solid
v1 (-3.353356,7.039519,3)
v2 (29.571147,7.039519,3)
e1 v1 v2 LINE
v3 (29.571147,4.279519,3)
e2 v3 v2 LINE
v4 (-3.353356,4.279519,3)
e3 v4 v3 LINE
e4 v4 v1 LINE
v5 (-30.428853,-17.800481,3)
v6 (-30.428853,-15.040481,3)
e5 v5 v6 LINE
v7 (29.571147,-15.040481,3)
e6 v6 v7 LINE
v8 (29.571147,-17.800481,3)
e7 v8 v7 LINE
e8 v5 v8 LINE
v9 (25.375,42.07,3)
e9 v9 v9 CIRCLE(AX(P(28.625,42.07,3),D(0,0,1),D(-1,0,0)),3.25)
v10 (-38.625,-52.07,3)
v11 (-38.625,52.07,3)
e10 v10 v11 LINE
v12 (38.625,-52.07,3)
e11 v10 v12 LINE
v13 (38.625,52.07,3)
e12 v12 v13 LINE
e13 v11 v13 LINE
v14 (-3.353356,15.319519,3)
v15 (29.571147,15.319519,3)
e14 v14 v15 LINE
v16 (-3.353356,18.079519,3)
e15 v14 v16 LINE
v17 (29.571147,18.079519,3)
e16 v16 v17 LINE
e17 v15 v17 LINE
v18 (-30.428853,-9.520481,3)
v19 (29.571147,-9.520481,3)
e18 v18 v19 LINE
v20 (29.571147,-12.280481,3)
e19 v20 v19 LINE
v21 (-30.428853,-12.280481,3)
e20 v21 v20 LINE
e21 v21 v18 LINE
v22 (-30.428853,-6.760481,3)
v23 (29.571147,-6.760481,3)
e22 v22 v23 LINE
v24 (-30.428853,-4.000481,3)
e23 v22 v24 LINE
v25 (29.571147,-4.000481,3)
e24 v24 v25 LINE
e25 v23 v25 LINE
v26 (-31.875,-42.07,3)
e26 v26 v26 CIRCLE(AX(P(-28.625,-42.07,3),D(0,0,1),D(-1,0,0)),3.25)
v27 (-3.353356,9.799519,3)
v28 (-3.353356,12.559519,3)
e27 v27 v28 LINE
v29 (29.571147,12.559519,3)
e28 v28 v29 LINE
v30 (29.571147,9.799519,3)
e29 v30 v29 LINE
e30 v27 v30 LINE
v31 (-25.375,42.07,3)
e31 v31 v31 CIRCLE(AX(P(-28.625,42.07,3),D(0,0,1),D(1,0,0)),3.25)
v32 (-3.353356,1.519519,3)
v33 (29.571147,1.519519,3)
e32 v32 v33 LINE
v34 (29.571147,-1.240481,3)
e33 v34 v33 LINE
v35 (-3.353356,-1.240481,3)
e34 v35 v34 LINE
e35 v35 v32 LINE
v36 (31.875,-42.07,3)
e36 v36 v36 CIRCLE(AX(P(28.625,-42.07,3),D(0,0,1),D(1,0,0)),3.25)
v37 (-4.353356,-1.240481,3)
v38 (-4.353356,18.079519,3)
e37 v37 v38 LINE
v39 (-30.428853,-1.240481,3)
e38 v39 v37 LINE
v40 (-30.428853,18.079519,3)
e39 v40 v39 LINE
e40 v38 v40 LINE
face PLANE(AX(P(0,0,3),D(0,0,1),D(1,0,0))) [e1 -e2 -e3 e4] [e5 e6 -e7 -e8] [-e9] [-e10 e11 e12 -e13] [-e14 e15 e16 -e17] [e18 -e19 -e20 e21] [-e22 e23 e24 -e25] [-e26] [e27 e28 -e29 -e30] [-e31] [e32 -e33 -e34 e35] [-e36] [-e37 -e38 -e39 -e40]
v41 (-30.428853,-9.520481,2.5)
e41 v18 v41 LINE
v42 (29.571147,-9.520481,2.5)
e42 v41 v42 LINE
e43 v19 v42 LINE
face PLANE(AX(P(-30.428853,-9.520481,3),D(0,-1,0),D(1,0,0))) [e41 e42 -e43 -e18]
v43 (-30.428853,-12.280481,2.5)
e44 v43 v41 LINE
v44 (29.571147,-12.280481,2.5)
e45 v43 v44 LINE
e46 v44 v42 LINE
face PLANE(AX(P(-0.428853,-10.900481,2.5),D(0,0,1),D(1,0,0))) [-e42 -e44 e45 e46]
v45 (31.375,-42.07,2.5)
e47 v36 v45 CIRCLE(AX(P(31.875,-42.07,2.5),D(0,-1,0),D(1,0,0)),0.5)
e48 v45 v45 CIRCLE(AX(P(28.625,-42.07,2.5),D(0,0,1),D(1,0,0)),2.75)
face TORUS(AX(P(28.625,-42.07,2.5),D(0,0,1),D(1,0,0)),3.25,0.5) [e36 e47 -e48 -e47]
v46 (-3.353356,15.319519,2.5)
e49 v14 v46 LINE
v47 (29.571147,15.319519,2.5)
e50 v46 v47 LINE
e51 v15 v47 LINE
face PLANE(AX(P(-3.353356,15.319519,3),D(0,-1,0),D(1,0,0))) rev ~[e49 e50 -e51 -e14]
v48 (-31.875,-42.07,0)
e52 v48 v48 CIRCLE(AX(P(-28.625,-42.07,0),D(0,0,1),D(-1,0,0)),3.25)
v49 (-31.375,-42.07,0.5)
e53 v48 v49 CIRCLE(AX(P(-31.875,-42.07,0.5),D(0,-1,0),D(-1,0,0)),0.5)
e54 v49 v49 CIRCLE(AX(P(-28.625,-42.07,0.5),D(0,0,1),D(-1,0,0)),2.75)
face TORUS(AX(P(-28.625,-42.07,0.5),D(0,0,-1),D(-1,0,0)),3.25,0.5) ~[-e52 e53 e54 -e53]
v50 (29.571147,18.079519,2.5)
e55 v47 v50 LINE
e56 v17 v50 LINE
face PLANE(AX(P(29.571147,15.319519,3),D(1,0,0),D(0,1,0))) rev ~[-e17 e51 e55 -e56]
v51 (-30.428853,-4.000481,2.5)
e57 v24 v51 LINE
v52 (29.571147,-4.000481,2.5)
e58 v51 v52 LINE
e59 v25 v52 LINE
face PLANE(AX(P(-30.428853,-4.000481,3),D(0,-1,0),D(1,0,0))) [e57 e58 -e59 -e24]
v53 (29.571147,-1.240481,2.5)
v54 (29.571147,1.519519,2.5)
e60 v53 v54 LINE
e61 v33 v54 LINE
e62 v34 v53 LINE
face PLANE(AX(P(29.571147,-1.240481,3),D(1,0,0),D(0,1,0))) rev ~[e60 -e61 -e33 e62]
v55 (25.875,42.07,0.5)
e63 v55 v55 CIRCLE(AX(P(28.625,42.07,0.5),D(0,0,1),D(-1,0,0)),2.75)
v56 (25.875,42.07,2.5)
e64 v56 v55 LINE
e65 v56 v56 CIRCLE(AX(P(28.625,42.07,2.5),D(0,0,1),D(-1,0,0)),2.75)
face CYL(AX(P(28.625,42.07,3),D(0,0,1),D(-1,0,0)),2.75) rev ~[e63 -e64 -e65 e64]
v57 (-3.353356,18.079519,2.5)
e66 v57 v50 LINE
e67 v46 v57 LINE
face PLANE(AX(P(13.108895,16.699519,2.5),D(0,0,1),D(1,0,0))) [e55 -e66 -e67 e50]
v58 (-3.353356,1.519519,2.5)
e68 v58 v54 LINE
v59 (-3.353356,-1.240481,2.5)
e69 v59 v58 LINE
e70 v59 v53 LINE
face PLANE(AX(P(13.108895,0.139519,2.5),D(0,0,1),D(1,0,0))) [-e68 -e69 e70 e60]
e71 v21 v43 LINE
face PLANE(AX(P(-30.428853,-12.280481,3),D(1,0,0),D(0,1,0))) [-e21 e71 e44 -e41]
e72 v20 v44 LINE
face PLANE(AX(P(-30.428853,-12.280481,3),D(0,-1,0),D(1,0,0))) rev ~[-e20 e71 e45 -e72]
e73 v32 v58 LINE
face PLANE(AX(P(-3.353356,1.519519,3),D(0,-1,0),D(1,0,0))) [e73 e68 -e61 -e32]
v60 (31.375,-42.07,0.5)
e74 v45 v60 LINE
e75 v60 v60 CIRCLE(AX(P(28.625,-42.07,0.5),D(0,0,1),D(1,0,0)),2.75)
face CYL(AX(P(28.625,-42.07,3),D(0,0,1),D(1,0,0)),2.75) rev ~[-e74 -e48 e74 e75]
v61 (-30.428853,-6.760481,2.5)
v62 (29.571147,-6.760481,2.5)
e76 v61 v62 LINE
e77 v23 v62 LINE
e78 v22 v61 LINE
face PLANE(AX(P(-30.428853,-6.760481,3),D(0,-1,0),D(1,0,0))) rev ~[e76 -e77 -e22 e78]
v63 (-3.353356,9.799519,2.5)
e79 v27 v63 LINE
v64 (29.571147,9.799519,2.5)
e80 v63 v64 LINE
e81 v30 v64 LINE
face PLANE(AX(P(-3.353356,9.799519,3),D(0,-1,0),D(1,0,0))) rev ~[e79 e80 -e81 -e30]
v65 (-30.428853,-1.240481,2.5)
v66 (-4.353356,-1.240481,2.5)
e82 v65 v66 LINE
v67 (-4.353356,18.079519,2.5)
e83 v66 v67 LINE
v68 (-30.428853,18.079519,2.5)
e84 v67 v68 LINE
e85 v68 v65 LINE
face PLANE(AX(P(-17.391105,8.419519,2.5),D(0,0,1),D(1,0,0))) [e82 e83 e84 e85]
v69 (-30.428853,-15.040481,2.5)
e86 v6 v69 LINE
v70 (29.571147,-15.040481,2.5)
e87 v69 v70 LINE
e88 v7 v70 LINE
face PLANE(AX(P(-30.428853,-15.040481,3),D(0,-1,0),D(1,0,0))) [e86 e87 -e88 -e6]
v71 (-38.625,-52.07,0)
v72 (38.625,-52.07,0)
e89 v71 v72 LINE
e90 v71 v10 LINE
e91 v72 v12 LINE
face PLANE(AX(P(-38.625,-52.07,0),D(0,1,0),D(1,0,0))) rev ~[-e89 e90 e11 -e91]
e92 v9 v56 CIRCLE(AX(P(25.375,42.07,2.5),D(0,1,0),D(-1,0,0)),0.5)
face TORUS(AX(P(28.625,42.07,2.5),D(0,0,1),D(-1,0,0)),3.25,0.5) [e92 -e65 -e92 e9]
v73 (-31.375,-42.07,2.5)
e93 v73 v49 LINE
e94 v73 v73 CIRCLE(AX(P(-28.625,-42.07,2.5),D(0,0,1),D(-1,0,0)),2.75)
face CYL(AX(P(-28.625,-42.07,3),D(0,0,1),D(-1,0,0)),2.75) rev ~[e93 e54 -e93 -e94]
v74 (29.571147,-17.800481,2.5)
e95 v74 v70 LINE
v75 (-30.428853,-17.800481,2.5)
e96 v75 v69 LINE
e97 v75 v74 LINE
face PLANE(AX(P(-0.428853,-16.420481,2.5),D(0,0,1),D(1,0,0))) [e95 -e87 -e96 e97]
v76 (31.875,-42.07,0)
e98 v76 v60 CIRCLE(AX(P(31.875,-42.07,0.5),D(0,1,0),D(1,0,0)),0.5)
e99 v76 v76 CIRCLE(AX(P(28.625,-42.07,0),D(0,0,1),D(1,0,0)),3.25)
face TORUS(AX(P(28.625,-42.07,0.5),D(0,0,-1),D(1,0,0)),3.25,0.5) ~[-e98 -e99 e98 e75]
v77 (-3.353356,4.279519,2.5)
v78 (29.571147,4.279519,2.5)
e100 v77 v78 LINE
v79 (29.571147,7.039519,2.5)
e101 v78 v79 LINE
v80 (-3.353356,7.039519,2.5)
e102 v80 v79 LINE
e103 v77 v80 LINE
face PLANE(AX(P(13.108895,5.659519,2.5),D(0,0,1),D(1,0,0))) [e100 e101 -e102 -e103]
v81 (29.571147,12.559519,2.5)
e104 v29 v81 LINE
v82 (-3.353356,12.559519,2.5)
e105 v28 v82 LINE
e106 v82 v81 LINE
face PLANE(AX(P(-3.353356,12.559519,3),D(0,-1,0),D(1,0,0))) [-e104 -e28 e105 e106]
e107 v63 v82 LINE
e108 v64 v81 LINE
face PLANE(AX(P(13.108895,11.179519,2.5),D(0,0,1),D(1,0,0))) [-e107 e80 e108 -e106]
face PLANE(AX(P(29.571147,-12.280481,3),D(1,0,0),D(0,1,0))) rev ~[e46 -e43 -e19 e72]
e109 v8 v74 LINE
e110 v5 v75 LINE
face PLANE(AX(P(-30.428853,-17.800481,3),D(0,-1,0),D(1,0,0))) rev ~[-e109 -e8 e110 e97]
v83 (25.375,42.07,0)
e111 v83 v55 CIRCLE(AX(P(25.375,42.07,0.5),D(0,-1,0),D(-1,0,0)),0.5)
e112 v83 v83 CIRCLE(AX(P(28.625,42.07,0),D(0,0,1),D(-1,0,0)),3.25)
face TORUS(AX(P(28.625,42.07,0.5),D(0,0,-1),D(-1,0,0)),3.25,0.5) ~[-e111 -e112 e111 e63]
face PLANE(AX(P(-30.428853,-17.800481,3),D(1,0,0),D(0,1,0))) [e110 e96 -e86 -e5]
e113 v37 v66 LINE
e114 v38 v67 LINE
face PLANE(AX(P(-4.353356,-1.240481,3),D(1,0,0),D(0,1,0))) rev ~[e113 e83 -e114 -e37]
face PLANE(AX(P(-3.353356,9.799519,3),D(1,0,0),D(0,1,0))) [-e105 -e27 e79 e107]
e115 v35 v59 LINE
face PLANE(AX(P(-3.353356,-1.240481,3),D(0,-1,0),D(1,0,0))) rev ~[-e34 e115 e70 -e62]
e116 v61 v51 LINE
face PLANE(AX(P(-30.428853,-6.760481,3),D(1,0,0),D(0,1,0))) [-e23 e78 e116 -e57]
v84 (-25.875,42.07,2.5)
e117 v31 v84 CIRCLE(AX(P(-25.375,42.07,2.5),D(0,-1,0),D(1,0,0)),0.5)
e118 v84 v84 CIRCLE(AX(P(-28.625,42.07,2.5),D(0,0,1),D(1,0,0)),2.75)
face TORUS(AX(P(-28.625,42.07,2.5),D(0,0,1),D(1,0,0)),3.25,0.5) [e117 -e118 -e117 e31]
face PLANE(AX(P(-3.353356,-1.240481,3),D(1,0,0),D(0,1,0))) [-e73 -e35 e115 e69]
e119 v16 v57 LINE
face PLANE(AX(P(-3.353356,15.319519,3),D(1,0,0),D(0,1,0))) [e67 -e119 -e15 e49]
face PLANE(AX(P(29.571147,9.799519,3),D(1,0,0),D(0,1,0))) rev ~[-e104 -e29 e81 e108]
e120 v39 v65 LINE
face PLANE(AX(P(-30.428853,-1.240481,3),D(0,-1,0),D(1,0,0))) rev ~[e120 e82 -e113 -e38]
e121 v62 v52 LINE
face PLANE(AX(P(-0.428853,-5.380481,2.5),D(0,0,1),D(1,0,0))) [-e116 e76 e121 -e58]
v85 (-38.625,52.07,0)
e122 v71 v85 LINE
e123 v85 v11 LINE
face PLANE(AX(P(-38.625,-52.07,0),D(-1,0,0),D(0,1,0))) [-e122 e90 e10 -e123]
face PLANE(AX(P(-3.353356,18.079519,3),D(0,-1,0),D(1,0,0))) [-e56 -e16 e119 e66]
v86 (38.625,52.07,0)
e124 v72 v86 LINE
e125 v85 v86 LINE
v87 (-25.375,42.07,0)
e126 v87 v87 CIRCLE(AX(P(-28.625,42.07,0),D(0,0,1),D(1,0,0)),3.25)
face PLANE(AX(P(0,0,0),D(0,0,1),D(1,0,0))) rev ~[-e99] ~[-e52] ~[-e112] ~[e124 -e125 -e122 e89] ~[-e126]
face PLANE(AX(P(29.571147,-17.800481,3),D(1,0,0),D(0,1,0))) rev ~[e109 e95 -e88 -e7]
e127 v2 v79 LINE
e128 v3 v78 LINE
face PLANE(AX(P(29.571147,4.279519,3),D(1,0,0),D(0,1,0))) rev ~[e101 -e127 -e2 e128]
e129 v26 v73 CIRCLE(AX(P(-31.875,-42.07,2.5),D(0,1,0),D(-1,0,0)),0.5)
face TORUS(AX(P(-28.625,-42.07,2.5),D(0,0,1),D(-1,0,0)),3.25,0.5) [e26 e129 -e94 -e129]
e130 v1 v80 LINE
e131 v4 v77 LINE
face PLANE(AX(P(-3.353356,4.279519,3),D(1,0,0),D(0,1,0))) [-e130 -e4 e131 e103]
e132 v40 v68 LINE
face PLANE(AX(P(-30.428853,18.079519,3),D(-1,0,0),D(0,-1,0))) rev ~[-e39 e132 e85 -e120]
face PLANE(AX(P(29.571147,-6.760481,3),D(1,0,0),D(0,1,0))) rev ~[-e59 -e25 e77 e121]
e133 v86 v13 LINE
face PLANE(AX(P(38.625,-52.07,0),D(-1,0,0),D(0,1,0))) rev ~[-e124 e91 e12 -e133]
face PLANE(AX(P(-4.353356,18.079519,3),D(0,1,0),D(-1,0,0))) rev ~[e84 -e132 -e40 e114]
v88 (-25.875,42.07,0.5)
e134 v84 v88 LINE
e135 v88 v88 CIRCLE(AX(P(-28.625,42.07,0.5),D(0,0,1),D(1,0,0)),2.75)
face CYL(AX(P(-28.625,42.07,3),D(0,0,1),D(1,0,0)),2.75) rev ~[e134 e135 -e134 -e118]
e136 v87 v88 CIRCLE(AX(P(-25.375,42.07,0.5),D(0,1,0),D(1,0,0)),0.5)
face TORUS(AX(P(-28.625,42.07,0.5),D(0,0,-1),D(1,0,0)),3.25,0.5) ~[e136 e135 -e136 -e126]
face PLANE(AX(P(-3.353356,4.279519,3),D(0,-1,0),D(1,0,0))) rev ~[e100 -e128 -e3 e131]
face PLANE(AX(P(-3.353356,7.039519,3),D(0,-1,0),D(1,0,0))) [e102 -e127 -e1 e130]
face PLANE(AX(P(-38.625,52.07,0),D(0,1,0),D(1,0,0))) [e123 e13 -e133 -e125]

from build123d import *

# Parameters (mm, degrees)
SKETCH1_W           = 77.25
SKETCH1_H           = 104.14
BOSS_EXTRUDE1_DEPTH = 3
SKETCH2_R           = 2.75
CUT_EXTRUDE1_DEPTH  = 65.901275219
SKETCH7_W           = 32.924503251
SKETCH7_H           = 2.76
SKETCH7_W_2         = 60
CUT_EXTRUDE7_DEPTH  = 0.5
FILLET1_R           = 0.5


with BuildPart() as part:
    # Sketch1 → Boss-Extrude1 (new body)
    with BuildSketch(Plane.XY):
        Rectangle(SKETCH1_W, SKETCH1_H)
    extrude(amount=BOSS_EXTRUDE1_DEPTH)

    # Sketch2 → Cut-Extrude1 (cut, through all)
    with BuildSketch(Plane.XY.offset(3)):
        with Locations((-28.625, 42.07)):
            Circle(SKETCH2_R)
        with Locations(Location((28.625, 42.07, 0), (0, 0, 180))):
            Circle(SKETCH2_R)
        with Locations((28.625, -42.07)):
            Circle(SKETCH2_R)
        with Locations(Location((-28.625, -42.07, 0), (0, 0, 180))):
            Circle(SKETCH2_R)
    extrude(amount=-CUT_EXTRUDE1_DEPTH, mode=Mode.SUBTRACT)

    # Sketch7 → Cut-Extrude7 (cut)
    with BuildSketch(Plane.XY.offset(3)):
        Polygon((-4.353356397, 18.079518968), (-30.428853146, 18.079518968), (-30.428853146, -1.240481032), (-4.353356397, -1.240481032), (-4.353356397, 1.519518968), (-4.353356397, 4.279518968), (-4.353356397, 7.039518968), (-4.353356397, 9.799518968), (-4.353356397, 12.559518968), (-4.353356397, 15.319518968), align=None)
        with Locations((13.108895229, 16.699518968)):
            Rectangle(SKETCH7_W, SKETCH7_H)
        with Locations((13.108895229, 11.179518968)):
            Rectangle(SKETCH7_W, SKETCH7_H)
        with Locations((13.108895229, 5.659518968)):
            Rectangle(SKETCH7_W, SKETCH7_H)
        with Locations((13.108895229, 0.139518968)):
            Rectangle(SKETCH7_W, SKETCH7_H)
        with Locations((-0.428853146, -5.380481032)):
            Rectangle(SKETCH7_W_2, SKETCH7_H)
        with Locations((-0.428853146, -10.900481032)):
            Rectangle(SKETCH7_W_2, SKETCH7_H)
        with Locations((-0.428853146, -16.420481032)):
            Rectangle(SKETCH7_W_2, SKETCH7_H)
    extrude(amount=-CUT_EXTRUDE7_DEPTH, mode=Mode.SUBTRACT)

    # Fillet1
    fillet1_edges = [part.edges().sort_by_distance(p)[0] for p in [
        (-25.875, -42.07, 0),
        (-25.875, -42.07, 3),
        (25.875, -42.07, 0),
        (25.875, -42.07, 3),
        (31.375, 42.07, 0),
        (31.375, 42.07, 3),
        (-31.375, 42.07, 0),
        (-31.375, 42.07, 3),
    ]]
    fillet(fillet1_edges, radius=FILLET1_R)


solid = part.part
